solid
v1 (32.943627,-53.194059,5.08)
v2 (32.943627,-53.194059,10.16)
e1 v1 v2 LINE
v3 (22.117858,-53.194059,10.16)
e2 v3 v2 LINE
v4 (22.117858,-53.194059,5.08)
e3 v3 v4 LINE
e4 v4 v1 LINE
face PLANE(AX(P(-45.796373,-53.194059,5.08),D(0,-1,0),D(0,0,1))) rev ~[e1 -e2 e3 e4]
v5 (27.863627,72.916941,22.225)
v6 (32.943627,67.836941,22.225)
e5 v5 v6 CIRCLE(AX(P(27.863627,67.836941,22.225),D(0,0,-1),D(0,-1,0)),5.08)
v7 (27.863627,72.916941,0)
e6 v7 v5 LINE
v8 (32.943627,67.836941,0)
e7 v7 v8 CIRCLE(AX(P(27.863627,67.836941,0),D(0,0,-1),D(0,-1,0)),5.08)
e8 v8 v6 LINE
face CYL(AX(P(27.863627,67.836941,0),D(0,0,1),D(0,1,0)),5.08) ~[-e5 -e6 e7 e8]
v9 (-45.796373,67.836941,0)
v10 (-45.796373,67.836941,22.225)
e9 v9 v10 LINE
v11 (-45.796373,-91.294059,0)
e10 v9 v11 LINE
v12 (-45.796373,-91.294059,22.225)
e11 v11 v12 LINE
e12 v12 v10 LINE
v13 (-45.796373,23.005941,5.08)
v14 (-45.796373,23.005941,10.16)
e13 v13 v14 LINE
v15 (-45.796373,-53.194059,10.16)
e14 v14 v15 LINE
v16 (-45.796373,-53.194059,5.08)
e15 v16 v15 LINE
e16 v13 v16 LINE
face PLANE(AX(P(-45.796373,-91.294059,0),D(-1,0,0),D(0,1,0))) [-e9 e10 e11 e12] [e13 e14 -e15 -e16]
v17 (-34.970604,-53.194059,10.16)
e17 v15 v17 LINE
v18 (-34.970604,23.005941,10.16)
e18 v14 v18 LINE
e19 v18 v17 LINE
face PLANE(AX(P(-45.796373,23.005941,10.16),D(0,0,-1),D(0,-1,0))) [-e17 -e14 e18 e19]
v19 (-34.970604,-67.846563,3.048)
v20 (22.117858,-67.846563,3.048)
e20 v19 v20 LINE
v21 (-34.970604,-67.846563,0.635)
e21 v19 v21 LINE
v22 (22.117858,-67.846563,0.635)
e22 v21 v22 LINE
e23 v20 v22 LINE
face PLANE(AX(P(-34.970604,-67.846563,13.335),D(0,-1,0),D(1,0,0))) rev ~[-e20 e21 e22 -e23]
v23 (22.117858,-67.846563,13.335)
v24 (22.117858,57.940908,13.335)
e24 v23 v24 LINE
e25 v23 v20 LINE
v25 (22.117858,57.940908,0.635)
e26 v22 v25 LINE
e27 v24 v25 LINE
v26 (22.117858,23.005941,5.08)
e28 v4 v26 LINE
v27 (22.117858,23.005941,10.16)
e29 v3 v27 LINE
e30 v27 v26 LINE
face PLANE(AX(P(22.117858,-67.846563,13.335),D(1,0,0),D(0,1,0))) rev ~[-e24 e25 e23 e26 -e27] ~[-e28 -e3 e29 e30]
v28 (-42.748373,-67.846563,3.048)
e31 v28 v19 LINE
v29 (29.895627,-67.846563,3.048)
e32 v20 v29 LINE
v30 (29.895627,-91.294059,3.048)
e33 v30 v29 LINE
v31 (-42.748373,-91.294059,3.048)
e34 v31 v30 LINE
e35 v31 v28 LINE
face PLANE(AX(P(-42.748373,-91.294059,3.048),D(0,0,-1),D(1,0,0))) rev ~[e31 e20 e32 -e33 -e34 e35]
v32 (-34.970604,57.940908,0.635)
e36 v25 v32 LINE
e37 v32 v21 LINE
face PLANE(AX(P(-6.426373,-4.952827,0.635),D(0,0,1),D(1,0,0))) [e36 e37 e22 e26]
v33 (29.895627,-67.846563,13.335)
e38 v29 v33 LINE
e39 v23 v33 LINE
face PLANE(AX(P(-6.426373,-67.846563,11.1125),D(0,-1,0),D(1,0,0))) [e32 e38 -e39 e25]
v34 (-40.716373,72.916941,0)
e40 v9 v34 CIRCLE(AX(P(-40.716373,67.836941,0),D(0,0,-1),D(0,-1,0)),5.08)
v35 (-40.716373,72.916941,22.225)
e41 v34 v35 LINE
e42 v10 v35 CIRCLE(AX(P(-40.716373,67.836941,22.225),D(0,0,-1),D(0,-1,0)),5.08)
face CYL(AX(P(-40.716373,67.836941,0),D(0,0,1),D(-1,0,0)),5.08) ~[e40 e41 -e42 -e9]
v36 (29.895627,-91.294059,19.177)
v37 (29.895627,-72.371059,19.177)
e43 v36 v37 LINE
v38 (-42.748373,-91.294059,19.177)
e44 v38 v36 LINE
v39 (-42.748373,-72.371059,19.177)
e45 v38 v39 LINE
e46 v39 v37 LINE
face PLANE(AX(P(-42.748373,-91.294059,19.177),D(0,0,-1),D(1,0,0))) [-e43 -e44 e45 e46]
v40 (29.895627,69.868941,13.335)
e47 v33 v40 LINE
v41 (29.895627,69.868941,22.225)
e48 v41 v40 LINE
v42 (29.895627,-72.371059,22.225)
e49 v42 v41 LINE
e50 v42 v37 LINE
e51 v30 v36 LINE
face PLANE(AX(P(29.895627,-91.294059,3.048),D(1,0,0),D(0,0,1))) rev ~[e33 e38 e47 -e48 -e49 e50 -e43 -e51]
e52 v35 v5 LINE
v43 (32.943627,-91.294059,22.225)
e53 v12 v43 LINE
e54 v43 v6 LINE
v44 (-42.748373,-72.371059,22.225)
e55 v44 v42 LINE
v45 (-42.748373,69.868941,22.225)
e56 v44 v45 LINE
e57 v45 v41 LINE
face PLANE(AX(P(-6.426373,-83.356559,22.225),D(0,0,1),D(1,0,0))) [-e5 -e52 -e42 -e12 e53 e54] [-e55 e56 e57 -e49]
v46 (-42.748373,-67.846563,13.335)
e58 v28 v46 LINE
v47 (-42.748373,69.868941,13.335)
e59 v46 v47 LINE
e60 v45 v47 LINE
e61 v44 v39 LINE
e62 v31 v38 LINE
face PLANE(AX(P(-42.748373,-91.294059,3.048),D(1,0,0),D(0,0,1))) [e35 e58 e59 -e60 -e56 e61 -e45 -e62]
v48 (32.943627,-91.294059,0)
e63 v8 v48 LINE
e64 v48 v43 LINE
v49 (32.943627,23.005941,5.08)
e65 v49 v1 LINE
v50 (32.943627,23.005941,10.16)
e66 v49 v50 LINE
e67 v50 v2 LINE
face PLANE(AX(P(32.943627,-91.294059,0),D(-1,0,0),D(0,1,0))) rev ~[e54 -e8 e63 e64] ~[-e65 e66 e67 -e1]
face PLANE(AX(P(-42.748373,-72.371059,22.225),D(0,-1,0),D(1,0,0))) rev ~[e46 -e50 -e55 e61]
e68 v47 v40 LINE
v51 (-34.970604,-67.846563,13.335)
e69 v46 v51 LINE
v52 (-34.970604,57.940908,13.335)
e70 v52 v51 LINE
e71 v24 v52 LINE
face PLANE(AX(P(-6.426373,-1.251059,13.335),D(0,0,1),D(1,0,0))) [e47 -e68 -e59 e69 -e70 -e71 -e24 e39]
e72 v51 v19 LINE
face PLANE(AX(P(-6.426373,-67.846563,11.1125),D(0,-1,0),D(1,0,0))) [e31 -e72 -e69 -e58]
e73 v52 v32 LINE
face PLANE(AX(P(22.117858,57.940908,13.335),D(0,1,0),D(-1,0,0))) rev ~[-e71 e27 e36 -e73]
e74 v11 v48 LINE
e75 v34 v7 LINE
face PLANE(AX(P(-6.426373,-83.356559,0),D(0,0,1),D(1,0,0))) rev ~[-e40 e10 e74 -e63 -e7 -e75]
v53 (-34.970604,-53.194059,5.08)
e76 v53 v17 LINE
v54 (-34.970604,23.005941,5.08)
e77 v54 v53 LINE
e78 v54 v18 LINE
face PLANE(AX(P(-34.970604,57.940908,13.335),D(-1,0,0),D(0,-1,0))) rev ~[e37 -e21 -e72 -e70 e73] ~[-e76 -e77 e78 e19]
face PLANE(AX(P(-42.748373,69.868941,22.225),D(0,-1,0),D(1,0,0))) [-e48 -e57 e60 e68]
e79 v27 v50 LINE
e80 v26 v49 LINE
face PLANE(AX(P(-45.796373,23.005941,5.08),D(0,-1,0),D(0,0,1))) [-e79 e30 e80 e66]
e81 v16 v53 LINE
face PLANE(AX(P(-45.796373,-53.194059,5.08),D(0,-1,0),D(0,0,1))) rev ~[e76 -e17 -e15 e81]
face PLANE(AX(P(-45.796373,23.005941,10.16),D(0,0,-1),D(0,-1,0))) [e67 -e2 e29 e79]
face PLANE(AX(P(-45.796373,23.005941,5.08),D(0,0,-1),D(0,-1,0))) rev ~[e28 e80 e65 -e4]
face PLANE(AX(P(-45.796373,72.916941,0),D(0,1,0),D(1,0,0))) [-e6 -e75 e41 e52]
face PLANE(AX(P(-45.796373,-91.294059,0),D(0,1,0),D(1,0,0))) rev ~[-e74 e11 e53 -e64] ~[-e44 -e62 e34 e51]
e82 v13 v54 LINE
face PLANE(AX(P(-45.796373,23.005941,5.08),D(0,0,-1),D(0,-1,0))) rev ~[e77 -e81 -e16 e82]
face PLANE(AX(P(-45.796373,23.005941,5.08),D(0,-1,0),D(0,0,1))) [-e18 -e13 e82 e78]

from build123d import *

# Parameters (mm, degrees)
F0_W      = 78.74
F0_H      = 148.336
F1_DEPTH  = 22.225
F2_W      = 72.644
F2_H      = 142.24
F3_DEPTH  = 8.89
F5_DEPTH  = 12.7
F0_H_2    = 15.875
F6_DEPTH  = 22.225
F7_W      = 72.644
F7_H      = 16.129
F8_DEPTH  = 23.447496
F9_W      = 76.2
F9_H      = 5.08
F10_DEPTH = 78.74
F11_R     = 5.08


with BuildPart() as f1:
    # F0 (on Top) → F1 (new body)
    with BuildSketch(Plane.XY):
        with Locations((-6.426373, -1.251059)):
            Rectangle(F0_W, F0_H)
    extrude(amount=F1_DEPTH)

    # F2 (on face) → F3 (cut)
    with BuildSketch(Plane.XY.offset(22.225)):
        with Locations((-6.426373, -1.251059)):
            Rectangle(F2_W, F2_H)
    extrude(amount=-F3_DEPTH, mode=Mode.SUBTRACT)

    # F4 (on face) → F5 (cut)
    with BuildSketch(Plane.XY.offset(13.335)):
        Polygon((-6.426373, 57.940908), (-34.970604, 57.940908), (-34.970604, -67.846563), (22.117858, -67.846563), (22.117858, 57.940908), align=None)
    extrude(amount=-F5_DEPTH, mode=Mode.SUBTRACT)

    # F0 (on Top) → F6 (join)
    with BuildSketch(Plane.XY):
        with Locations((-6.426373, -83.356559)):
            Rectangle(F0_W, F0_H_2)
    extrude(amount=F6_DEPTH)

    # F7 (on face) → F8 (cut, through all)
    with BuildSketch(Plane.XZ.offset(91.294059)):
        with Locations((-6.426373, 11.1125)):
            Rectangle(F7_W, F7_H)
    extrude(amount=-F8_DEPTH, mode=Mode.SUBTRACT)

    # F9 (on face) → F10 (cut, through all)
    with BuildSketch(Plane(origin=(-45.796373, 0, 0), x_dir=(0, -1, 0), z_dir=(-1, 0, 0))):
        with Locations((15.094059, 7.62)):
            Rectangle(F9_W, F9_H)
    extrude(amount=-F10_DEPTH, mode=Mode.SUBTRACT)

    # F11
    f11_edges = [f1.edges().sort_by_distance(p)[0] for p in [
        (-45.796373, 72.916941, 11.1125),
        (32.943627, 72.916941, 11.1125),
    ]]
    fillet(f11_edges, radius=F11_R)


solid = f1.part
